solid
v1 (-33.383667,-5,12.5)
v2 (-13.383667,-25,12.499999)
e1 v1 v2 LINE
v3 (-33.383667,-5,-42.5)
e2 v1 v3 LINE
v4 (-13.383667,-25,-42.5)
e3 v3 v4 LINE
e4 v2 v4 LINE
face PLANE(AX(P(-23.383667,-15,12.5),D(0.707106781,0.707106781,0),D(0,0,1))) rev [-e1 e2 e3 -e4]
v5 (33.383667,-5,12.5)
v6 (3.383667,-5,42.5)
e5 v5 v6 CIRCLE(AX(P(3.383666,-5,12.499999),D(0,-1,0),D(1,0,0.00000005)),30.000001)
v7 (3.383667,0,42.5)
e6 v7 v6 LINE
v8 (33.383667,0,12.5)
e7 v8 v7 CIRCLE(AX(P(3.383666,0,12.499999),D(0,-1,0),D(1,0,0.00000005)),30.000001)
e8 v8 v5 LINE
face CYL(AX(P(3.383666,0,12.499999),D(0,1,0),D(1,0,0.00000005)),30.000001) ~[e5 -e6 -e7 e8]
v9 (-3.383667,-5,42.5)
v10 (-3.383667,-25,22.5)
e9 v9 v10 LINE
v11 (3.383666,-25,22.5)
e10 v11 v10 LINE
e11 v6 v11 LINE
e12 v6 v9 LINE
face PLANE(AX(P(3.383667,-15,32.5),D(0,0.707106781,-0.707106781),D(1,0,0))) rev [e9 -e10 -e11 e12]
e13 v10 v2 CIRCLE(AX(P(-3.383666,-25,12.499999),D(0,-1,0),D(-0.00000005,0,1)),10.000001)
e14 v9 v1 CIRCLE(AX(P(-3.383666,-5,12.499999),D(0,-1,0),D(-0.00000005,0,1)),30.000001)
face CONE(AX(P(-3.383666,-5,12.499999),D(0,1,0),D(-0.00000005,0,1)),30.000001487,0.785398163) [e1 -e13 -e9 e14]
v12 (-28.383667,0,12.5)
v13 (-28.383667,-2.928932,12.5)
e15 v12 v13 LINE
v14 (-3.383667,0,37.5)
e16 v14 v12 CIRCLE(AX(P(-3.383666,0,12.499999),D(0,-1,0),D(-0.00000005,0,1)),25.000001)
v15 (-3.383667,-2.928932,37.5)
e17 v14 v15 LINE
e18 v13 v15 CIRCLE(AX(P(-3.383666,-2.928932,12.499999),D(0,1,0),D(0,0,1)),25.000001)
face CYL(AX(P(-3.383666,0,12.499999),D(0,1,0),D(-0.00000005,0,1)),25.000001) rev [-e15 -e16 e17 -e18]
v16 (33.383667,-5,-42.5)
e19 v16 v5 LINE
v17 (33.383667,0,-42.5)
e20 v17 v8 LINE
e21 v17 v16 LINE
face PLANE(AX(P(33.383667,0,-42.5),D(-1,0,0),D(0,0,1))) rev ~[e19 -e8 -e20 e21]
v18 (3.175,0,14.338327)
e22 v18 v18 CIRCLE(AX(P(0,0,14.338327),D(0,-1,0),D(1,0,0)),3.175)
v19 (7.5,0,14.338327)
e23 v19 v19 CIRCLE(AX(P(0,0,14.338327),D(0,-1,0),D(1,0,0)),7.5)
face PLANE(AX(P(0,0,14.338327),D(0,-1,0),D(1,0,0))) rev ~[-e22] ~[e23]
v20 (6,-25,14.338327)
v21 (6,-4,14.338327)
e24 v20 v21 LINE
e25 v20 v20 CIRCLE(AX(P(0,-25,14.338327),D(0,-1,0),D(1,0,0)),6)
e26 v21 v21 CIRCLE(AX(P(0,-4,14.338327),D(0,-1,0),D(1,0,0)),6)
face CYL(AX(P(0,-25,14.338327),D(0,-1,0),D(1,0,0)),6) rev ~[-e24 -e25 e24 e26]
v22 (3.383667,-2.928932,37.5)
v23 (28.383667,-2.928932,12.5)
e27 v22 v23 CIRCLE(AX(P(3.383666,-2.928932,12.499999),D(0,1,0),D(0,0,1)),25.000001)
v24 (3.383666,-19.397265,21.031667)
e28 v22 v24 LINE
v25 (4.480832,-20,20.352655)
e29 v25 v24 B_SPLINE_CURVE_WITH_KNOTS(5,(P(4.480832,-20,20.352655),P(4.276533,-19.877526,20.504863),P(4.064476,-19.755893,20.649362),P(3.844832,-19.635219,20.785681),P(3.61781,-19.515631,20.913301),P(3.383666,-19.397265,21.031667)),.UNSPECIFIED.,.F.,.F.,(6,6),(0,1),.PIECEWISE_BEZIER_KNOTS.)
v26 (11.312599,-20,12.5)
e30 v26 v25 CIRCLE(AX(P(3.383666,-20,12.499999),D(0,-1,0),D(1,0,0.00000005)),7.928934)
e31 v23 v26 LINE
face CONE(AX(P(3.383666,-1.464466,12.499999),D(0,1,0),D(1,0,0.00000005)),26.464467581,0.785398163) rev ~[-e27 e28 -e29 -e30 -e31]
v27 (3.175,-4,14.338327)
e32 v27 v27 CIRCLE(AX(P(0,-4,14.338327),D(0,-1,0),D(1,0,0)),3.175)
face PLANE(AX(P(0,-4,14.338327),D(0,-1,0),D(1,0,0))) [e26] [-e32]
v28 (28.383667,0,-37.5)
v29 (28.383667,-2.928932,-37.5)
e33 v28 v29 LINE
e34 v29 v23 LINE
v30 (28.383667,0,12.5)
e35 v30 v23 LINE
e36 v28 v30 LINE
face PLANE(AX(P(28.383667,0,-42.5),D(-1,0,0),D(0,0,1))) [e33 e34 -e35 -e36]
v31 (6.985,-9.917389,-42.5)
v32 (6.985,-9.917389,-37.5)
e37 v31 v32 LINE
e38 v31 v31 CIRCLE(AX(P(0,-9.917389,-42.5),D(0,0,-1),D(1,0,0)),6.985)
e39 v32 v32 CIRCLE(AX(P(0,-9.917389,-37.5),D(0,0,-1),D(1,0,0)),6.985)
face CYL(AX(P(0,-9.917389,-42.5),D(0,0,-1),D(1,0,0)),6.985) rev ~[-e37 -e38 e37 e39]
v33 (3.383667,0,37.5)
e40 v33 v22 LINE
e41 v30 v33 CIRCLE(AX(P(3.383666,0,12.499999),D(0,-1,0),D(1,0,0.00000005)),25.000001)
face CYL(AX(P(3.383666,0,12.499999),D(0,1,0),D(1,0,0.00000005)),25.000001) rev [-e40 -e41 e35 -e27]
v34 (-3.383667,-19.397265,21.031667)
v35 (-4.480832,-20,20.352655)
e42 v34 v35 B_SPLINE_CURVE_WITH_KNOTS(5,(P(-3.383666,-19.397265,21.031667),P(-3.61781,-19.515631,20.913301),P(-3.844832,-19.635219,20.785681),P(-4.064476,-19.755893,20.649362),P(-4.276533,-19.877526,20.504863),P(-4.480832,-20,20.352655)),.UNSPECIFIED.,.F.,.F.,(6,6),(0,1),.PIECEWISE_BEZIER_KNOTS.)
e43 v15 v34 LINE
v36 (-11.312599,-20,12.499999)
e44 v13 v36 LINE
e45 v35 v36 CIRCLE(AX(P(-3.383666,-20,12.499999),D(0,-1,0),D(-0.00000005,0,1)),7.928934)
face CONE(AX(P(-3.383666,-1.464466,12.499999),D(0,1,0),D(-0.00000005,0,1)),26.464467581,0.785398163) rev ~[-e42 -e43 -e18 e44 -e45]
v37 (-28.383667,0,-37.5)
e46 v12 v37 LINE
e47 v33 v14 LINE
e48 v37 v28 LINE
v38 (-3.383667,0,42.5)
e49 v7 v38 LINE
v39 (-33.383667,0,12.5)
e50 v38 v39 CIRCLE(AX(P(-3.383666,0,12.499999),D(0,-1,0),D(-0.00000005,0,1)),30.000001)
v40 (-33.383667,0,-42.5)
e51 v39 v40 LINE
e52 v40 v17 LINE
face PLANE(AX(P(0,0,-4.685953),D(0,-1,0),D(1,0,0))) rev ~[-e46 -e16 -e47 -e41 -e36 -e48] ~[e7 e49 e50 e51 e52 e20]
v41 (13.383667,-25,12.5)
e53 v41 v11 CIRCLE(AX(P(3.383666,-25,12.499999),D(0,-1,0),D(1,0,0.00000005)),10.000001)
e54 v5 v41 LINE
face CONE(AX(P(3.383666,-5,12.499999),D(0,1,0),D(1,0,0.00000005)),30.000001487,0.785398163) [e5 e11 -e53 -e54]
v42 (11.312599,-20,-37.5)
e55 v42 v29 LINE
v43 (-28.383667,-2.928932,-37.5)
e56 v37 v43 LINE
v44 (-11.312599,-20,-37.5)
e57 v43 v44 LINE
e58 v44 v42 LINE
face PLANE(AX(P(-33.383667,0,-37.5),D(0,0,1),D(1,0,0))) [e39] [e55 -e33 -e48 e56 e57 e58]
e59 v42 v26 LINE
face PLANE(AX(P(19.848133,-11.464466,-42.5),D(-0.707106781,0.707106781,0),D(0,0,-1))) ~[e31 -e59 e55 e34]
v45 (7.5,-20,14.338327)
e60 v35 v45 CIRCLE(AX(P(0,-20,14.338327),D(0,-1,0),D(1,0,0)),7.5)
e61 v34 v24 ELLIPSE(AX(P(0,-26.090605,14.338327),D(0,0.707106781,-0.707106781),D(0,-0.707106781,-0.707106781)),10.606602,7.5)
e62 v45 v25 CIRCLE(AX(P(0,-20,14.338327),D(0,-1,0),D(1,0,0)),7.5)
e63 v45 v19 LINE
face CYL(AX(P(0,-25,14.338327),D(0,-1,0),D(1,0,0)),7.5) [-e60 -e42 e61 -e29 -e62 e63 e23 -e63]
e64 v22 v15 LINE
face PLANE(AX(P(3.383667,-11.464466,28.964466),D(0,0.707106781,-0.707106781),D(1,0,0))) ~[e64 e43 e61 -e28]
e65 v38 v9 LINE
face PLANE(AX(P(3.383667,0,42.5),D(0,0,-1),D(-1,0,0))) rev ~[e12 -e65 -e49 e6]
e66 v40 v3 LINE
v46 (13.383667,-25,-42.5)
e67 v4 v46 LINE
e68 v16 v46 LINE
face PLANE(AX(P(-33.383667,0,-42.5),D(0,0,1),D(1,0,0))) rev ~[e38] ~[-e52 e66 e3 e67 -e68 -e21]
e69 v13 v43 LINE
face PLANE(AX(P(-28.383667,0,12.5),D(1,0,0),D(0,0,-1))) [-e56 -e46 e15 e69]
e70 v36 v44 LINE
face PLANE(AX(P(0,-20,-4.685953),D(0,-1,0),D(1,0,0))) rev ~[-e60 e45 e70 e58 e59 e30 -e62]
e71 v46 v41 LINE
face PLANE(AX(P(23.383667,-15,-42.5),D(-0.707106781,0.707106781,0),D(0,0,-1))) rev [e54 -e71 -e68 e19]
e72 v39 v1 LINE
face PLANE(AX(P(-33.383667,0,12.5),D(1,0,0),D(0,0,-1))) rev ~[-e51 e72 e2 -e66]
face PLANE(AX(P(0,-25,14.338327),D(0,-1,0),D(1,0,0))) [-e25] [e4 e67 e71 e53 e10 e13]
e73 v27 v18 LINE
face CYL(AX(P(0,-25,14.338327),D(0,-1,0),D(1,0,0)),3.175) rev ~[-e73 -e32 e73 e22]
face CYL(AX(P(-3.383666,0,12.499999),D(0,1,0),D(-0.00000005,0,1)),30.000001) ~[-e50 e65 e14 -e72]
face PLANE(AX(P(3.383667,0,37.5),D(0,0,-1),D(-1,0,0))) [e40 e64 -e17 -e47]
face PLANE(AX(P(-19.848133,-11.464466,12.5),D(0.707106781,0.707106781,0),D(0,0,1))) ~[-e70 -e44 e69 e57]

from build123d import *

# Parameters (mm, degrees)
F1_DEPTH  = 25
F2_SIZE   = 20
F3_T      = -5
F4_R      = 6.985
F5_DEPTH  = 25
F6_R      = 7.5
F7_DEPTH  = 25
F8_R      = 6
F10_DEPTH = 21
F11_R     = 3.175
F12_DEPTH = 25


with BuildPart() as f1:
    # F0 (on Front) → F1 (new body)
    with BuildSketch(Plane.XZ):
        with BuildLine():
            ThreePointArc((33.383667, 12.5), (24.59687, 33.713203), (3.383667, 42.5))
            Line((3.383667, 42.5), (-3.383667, 42.5))
            ThreePointArc((-3.383667, 42.5), (-24.59687, 33.713203), (-33.383667, 12.5))
            Line((-33.383667, 12.5), (-33.383667, -42.5))
            Line((-33.383667, -42.5), (33.383667, -42.5))
            Line((33.383667, -42.5), (33.383667, 12.5))
        make_face()
    extrude(amount=F1_DEPTH)

    # F2
    f2_edges = [f1.edges().sort_by_distance(p)[0] for p in [
        (-33.383667, -25, -15),
    ]]
    chamfer(f2_edges, length=F2_SIZE)

    # F3
    f3_openings = [f1.faces().sort_by_distance(p)[0] for p in [
        (0, 0, -2.614615),
    ]]
    offset(amount=F3_T, openings=f3_openings)

    # F4 (on face) → F5 (cut)
    with BuildSketch(Plane(origin=(0, 0, -42.5), x_dir=(1, 0, 0), z_dir=(0, 0, -1))):
        with Locations((0, 9.917389)):
            Circle(F4_R)
    extrude(amount=-F5_DEPTH, mode=Mode.SUBTRACT)

    # F6 (on face) → F7 (join, through all)
    with BuildSketch(Plane.XZ.offset(25)):
        with Locations((0, 14.338327)):
            Circle(F6_R)
    extrude(amount=-F7_DEPTH)

    # F8 (on face) → F10 (cut, through all)
    with BuildSketch(Plane.XZ.offset(25)):
        with Locations((0, 14.338327)):
            Circle(F8_R)
    extrude(amount=-F10_DEPTH, mode=Mode.SUBTRACT)

    # F11 (on face) → F12 (cut, through all)
    with BuildSketch(Plane.XZ.offset(25)):
        with Locations((0, 14.338327)):
            Circle(F11_R)
    extrude(amount=-F12_DEPTH, mode=Mode.SUBTRACT)


solid = f1.part
